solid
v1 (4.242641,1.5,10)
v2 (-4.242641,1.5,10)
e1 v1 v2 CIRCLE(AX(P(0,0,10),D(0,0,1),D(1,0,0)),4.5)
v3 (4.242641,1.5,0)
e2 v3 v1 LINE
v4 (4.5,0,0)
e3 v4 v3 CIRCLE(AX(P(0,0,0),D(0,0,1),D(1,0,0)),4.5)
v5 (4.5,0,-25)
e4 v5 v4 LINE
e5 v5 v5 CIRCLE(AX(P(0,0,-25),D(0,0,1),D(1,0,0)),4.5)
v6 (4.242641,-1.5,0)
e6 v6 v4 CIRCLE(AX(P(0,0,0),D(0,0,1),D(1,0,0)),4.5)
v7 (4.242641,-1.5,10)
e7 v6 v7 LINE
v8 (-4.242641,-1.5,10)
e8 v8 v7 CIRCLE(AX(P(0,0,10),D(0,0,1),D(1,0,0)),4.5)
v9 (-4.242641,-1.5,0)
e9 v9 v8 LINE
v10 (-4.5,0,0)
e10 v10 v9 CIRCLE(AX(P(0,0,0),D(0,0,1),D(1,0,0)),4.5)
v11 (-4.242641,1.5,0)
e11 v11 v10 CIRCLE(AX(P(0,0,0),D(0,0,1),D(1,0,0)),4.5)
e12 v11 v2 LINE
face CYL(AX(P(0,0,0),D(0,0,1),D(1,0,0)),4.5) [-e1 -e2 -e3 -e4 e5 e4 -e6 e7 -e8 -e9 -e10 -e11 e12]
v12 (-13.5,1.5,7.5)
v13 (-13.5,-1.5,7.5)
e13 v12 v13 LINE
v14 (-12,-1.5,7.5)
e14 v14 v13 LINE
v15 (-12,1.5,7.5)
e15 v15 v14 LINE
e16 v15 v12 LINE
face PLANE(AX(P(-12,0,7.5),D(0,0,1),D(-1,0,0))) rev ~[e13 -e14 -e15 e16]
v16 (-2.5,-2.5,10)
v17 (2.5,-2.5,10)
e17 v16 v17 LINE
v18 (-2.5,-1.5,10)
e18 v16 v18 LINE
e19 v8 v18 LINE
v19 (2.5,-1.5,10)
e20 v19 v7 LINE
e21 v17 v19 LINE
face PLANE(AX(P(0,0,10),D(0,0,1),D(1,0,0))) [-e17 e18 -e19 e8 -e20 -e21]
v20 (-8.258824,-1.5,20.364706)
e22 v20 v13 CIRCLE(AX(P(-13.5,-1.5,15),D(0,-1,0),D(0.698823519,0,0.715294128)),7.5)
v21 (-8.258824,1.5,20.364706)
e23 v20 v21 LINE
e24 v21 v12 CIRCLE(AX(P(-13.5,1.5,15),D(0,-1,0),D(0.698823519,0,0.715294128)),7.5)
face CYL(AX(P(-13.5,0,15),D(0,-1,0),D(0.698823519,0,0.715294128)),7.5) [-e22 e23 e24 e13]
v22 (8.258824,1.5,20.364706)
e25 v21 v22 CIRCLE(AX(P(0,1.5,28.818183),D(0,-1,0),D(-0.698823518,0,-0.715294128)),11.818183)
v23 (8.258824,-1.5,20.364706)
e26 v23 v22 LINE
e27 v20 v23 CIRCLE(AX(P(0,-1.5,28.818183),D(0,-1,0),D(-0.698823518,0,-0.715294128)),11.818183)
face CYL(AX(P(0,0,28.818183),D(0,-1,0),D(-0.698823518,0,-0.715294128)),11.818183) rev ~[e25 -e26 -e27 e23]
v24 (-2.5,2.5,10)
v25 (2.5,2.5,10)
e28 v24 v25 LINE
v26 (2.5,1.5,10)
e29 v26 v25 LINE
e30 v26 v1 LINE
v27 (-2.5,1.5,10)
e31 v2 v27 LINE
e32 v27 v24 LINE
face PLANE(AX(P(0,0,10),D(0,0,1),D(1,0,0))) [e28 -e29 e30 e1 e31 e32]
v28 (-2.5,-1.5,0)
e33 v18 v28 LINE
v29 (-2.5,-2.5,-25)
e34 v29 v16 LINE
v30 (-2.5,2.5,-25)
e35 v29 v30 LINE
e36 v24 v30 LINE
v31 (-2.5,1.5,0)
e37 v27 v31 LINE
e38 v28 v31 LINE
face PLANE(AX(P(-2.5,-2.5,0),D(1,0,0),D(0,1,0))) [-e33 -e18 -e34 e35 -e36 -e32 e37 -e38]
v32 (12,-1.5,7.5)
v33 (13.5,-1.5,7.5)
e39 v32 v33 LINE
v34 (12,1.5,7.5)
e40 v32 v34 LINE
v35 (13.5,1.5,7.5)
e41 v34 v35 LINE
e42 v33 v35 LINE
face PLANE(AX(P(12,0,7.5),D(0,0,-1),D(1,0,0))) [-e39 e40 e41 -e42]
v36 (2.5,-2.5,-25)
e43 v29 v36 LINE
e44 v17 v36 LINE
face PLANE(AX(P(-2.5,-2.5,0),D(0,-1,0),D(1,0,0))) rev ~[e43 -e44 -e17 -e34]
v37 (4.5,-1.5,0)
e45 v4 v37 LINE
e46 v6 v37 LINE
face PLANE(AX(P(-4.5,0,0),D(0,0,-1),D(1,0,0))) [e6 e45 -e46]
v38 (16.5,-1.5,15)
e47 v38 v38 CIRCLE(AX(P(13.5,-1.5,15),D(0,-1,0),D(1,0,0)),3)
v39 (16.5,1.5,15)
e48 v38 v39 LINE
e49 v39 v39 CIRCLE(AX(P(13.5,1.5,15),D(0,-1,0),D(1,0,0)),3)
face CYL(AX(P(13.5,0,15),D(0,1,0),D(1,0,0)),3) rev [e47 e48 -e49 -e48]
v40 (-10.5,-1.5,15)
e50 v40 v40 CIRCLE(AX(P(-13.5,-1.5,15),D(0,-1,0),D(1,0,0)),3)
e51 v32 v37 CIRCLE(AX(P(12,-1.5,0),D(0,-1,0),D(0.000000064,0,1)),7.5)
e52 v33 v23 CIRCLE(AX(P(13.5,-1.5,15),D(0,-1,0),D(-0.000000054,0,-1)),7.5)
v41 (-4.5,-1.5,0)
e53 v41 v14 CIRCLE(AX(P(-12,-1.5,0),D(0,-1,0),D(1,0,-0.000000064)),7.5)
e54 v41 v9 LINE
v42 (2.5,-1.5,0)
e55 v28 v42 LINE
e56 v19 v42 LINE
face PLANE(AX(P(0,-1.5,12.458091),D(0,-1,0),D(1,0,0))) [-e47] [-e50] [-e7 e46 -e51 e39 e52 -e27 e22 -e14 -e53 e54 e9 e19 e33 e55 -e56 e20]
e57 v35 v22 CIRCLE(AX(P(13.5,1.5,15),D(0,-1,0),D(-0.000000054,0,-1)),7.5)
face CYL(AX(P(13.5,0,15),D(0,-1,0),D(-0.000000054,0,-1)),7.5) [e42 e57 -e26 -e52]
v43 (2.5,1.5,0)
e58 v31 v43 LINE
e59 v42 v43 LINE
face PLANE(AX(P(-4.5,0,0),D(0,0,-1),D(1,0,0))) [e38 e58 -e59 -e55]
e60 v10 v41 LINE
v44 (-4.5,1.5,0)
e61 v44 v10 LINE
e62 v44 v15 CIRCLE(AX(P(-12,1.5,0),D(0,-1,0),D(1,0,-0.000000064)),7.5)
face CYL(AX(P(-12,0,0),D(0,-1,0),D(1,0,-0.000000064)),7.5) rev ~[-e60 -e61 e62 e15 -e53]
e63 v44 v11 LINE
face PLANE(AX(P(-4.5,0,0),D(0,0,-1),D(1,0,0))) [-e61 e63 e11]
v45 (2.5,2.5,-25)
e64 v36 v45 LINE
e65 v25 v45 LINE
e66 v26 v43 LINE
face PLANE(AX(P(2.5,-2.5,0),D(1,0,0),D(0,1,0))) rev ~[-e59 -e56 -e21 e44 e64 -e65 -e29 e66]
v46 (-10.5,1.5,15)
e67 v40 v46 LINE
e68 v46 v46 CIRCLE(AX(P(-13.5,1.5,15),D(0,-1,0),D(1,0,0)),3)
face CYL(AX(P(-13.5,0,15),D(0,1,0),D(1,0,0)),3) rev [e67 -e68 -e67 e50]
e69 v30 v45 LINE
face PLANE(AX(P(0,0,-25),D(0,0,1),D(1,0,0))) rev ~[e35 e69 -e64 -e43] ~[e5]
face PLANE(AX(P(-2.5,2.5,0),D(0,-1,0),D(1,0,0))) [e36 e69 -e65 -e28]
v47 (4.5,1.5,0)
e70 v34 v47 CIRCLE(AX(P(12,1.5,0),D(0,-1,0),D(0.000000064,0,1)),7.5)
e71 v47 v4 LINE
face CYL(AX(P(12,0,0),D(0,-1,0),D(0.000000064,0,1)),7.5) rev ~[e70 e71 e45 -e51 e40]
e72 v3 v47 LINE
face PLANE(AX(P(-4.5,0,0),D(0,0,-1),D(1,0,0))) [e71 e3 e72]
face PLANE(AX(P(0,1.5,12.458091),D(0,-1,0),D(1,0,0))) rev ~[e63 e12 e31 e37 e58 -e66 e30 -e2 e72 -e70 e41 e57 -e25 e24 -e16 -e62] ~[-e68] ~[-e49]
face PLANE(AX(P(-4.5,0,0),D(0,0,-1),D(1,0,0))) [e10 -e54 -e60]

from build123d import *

# Parameters (mm, degrees)
SKETCH_R       = 4.5
SKETCH_W       = 5
SKETCH_H       = 5
PAD_DEPTH      = 10
PAD_DEPTH_BACK = 25
SKETCH001_R    = 3
PAD001_DEPTH   = 1.5


with BuildPart() as part:
    # Sketch → Pad (new body, two sides)
    with BuildSketch(Plane.XY) as pad_sk:
        Circle(SKETCH_R)
        Rectangle(SKETCH_W, SKETCH_H, mode=Mode.SUBTRACT)
    extrude(amount=PAD_DEPTH)
    extrude(pad_sk.sketch, amount=-PAD_DEPTH_BACK)

    # Sketch001 → Pad001 (join, symmetric)
    with BuildSketch(Plane.XZ):
        with BuildLine():
            ThreePointArc((-8.258824, 20.364706), (-20.445693, 17.829727), (-13.5, 7.5))
            Line((-12, 7.5), (-13.5, 7.5))
            ThreePointArc((-4.5, 0), (-6.696699, 5.303301), (-12, 7.5))
            Line((-4.5, 0), (4.5, 0))
            ThreePointArc((12, 7.5), (6.696699, 5.303301), (4.5, 0))
            Line((12, 7.5), (13.5, 7.5))
            ThreePointArc((13.5, 7.5), (20.445693, 17.829727), (8.258824, 20.364706))
            ThreePointArc((-8.258824, 20.364706), (0, 17), (8.258824, 20.364706))
        make_face()
        with Locations((13.5, 15)):
            Circle(SKETCH001_R, mode=Mode.SUBTRACT)
        with Locations((-13.5, 15)):
            Circle(SKETCH001_R, mode=Mode.SUBTRACT)
    extrude(amount=PAD001_DEPTH, both=True)


solid = part.part
